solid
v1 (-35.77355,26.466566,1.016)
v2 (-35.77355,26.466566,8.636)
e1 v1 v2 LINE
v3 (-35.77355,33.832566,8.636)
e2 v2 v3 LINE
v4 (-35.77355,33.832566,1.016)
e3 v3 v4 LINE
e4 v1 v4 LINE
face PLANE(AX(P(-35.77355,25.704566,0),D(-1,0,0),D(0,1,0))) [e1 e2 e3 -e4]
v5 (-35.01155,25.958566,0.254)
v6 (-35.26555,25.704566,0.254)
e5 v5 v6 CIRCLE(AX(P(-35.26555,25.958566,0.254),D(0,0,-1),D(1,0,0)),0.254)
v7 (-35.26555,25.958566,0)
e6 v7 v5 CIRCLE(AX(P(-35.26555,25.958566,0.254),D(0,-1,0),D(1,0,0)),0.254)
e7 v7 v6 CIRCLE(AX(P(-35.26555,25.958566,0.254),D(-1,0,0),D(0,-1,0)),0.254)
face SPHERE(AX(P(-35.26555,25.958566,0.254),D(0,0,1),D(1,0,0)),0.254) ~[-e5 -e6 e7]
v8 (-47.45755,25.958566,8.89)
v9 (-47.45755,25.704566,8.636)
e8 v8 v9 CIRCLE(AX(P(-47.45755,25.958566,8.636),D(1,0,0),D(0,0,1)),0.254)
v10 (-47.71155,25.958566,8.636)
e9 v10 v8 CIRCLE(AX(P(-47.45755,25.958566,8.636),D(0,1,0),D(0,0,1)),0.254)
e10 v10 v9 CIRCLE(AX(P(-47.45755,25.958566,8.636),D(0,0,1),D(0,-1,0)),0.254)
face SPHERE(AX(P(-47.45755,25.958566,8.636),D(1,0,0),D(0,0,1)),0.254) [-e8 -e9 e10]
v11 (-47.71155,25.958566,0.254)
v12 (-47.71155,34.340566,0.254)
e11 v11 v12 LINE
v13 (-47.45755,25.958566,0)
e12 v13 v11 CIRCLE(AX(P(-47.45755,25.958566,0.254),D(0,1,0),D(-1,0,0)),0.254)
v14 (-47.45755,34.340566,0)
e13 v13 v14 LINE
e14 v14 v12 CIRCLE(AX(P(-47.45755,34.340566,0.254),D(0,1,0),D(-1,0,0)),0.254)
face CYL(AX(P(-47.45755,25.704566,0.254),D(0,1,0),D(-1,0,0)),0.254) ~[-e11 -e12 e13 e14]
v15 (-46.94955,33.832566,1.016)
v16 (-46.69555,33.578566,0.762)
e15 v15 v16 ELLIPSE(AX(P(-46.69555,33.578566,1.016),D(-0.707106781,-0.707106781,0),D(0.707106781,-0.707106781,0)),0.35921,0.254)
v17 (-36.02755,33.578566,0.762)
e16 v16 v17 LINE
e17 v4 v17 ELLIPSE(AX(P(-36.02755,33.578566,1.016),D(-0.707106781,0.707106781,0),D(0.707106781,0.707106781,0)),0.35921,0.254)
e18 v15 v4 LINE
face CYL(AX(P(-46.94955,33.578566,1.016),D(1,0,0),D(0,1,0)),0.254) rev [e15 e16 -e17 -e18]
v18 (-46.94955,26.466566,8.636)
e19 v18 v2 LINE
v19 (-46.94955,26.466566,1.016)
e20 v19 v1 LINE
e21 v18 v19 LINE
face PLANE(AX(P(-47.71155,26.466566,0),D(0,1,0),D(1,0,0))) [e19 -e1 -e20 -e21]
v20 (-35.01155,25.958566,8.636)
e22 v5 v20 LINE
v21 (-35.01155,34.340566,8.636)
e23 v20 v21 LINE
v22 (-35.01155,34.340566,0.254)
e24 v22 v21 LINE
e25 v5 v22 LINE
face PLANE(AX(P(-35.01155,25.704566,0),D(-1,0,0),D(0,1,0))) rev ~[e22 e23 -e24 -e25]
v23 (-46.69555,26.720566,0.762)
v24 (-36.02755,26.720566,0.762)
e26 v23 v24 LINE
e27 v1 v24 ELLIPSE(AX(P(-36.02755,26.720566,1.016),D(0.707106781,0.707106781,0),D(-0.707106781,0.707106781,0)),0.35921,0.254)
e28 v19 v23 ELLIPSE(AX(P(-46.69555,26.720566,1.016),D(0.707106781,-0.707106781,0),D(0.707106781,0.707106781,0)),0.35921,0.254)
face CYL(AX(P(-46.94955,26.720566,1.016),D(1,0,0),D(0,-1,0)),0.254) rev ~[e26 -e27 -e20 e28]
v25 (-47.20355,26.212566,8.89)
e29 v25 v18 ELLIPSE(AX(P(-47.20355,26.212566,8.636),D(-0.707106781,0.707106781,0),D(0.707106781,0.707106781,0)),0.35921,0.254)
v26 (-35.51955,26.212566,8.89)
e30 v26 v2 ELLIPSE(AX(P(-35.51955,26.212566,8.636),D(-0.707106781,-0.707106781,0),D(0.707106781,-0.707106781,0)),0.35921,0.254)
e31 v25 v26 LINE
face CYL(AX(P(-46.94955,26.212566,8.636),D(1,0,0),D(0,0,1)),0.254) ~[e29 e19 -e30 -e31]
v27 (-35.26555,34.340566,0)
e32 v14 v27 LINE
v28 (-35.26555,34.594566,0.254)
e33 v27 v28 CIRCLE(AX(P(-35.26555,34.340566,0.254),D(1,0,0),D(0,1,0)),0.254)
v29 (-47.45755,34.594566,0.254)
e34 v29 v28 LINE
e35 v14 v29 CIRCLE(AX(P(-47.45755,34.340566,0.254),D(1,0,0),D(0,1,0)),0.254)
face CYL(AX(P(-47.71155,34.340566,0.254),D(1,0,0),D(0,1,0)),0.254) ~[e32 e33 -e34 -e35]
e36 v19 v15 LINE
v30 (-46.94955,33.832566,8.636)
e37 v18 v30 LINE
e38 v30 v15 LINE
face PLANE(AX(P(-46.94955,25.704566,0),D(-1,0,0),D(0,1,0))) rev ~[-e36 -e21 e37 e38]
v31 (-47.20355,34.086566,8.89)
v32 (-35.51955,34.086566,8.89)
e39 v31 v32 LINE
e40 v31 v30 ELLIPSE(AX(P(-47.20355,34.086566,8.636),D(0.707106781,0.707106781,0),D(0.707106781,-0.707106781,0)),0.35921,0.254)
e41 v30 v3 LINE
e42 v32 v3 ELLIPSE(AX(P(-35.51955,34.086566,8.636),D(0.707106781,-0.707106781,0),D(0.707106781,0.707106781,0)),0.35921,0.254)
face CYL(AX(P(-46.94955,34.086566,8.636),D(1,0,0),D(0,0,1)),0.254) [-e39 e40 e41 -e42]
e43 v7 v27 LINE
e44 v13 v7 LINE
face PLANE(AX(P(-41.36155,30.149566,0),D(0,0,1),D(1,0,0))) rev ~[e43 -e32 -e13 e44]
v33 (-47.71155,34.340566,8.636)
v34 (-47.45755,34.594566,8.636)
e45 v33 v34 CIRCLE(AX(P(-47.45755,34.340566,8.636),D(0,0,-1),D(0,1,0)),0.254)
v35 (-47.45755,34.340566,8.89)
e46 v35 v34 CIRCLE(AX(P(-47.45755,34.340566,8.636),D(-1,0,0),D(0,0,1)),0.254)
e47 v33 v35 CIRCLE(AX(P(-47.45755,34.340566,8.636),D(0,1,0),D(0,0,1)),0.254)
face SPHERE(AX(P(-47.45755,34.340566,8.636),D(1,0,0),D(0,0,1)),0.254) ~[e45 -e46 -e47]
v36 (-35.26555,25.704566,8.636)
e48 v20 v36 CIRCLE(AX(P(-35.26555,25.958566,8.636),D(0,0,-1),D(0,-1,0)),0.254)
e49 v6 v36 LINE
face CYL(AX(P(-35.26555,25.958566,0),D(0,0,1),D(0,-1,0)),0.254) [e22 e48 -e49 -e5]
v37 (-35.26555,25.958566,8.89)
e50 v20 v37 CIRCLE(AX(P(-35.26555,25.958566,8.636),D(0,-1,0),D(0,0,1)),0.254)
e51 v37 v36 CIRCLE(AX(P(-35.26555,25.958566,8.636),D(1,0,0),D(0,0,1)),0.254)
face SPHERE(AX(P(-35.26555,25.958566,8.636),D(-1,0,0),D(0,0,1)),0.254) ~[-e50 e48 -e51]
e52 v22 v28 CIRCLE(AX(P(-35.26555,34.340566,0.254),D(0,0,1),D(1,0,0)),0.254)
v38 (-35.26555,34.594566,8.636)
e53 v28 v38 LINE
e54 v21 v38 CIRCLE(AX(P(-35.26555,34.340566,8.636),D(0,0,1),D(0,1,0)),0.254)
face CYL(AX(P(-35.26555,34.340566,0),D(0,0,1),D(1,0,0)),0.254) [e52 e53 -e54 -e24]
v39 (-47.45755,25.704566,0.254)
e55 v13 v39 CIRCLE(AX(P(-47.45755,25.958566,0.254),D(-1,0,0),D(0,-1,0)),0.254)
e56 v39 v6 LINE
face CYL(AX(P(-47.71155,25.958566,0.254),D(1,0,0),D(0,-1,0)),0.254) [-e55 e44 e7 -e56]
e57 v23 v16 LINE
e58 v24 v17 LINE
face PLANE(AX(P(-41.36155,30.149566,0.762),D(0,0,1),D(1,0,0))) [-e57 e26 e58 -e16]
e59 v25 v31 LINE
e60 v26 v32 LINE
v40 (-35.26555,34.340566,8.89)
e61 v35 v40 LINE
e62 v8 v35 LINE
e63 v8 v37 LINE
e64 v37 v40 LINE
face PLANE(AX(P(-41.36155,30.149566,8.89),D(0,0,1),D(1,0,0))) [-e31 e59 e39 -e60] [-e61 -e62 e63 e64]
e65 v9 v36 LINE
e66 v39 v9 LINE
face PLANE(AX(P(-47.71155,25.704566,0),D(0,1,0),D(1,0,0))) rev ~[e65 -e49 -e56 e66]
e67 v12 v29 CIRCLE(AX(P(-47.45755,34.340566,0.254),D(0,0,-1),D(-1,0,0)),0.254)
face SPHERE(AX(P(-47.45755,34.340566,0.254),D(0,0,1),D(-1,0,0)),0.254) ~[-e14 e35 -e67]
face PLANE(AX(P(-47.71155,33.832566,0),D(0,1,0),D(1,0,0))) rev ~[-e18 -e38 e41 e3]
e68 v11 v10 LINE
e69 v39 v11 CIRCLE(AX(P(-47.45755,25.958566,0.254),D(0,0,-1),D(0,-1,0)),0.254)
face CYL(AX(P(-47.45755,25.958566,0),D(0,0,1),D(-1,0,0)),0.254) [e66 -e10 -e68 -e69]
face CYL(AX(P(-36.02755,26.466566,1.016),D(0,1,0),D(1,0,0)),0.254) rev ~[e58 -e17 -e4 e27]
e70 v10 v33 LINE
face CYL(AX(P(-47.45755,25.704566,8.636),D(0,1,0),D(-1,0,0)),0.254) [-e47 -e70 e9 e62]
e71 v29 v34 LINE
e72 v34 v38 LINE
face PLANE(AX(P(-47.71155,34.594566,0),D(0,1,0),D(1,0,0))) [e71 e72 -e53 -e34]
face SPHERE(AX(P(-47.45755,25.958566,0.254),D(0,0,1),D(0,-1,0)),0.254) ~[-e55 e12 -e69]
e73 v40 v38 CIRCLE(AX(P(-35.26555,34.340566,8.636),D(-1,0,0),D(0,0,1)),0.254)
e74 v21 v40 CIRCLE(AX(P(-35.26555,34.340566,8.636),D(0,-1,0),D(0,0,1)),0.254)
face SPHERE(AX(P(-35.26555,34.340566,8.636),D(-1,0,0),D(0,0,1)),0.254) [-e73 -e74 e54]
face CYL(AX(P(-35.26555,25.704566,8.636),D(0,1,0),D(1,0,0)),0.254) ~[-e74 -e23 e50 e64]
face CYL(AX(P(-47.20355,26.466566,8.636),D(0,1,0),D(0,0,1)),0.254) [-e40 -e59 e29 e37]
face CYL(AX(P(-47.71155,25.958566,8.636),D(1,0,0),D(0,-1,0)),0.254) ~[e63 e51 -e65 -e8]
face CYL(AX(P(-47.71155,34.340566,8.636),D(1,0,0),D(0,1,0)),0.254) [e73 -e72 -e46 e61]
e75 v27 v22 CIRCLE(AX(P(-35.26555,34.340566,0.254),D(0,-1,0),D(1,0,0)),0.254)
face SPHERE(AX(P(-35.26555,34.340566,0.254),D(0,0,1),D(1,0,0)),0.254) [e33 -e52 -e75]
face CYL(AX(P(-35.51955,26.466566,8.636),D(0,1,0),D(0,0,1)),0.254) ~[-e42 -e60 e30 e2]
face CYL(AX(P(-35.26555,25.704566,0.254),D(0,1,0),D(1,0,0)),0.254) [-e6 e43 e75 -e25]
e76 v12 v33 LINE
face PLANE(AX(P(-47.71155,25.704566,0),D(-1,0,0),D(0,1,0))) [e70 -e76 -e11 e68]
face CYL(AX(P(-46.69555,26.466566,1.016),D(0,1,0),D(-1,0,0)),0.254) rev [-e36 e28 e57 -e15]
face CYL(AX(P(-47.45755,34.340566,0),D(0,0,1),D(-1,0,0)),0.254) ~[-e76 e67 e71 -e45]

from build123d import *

# Parameters (mm, degrees)
F0_W     = 12.7
F0_H     = 8.89
F1_DEPTH = 8.89
F2_T     = -0.762
F3_R     = 0.254
F4_R     = 0.254


with BuildPart() as f1:
    # F0 (on Top) → F1 (new body)
    with BuildSketch(Plane.XY):
        with Locations((-41.3615499459, 30.1495660652)):
            Rectangle(F0_W, F0_H)
    extrude(amount=F1_DEPTH)

    # F2
    f2_openings = [f1.faces().sort_by_distance(p)[0] for p in [
        (-41.36155, 30.149566, 8.89),
    ]]
    offset(amount=F2_T, openings=f2_openings)

    # F3
    f3_edges = [f1.edges().sort_by_distance(p)[0] for p in [
        (-41.36155, 33.832566, 8.89),
        (-41.36155, 25.704566, 8.89),
        (-41.36155, 26.466566, 8.89),
        (-41.36155, 34.594566, 8.89),
        (-46.94955, 30.149566, 8.89),
        (-47.71155, 30.149566, 8.89),
        (-35.77355, 30.149566, 8.89),
        (-35.01155, 30.149566, 8.89),
        (-35.01155, 25.704566, 4.445),
        (-47.71155, 25.704566, 4.445),
        (-47.71155, 34.594566, 4.445),
        (-35.01155, 34.594566, 4.445),
        (-35.01155, 30.149566, 0),
        (-41.36155, 25.704566, 0),
        (-47.71155, 30.149566, 0),
        (-41.36155, 34.594566, 0),
    ]]
    fillet(f3_edges, radius=F3_R)

    # F4
    f4_edges = [f1.edges().sort_by_distance(p)[0] for p in [
        (-41.36155, 33.832566, 0.762),
        (-35.77355, 30.149566, 0.762),
        (-41.36155, 26.466566, 0.762),
        (-46.94955, 30.149566, 0.762),
    ]]
    fillet(f4_edges, radius=F4_R)


solid = f1.part
